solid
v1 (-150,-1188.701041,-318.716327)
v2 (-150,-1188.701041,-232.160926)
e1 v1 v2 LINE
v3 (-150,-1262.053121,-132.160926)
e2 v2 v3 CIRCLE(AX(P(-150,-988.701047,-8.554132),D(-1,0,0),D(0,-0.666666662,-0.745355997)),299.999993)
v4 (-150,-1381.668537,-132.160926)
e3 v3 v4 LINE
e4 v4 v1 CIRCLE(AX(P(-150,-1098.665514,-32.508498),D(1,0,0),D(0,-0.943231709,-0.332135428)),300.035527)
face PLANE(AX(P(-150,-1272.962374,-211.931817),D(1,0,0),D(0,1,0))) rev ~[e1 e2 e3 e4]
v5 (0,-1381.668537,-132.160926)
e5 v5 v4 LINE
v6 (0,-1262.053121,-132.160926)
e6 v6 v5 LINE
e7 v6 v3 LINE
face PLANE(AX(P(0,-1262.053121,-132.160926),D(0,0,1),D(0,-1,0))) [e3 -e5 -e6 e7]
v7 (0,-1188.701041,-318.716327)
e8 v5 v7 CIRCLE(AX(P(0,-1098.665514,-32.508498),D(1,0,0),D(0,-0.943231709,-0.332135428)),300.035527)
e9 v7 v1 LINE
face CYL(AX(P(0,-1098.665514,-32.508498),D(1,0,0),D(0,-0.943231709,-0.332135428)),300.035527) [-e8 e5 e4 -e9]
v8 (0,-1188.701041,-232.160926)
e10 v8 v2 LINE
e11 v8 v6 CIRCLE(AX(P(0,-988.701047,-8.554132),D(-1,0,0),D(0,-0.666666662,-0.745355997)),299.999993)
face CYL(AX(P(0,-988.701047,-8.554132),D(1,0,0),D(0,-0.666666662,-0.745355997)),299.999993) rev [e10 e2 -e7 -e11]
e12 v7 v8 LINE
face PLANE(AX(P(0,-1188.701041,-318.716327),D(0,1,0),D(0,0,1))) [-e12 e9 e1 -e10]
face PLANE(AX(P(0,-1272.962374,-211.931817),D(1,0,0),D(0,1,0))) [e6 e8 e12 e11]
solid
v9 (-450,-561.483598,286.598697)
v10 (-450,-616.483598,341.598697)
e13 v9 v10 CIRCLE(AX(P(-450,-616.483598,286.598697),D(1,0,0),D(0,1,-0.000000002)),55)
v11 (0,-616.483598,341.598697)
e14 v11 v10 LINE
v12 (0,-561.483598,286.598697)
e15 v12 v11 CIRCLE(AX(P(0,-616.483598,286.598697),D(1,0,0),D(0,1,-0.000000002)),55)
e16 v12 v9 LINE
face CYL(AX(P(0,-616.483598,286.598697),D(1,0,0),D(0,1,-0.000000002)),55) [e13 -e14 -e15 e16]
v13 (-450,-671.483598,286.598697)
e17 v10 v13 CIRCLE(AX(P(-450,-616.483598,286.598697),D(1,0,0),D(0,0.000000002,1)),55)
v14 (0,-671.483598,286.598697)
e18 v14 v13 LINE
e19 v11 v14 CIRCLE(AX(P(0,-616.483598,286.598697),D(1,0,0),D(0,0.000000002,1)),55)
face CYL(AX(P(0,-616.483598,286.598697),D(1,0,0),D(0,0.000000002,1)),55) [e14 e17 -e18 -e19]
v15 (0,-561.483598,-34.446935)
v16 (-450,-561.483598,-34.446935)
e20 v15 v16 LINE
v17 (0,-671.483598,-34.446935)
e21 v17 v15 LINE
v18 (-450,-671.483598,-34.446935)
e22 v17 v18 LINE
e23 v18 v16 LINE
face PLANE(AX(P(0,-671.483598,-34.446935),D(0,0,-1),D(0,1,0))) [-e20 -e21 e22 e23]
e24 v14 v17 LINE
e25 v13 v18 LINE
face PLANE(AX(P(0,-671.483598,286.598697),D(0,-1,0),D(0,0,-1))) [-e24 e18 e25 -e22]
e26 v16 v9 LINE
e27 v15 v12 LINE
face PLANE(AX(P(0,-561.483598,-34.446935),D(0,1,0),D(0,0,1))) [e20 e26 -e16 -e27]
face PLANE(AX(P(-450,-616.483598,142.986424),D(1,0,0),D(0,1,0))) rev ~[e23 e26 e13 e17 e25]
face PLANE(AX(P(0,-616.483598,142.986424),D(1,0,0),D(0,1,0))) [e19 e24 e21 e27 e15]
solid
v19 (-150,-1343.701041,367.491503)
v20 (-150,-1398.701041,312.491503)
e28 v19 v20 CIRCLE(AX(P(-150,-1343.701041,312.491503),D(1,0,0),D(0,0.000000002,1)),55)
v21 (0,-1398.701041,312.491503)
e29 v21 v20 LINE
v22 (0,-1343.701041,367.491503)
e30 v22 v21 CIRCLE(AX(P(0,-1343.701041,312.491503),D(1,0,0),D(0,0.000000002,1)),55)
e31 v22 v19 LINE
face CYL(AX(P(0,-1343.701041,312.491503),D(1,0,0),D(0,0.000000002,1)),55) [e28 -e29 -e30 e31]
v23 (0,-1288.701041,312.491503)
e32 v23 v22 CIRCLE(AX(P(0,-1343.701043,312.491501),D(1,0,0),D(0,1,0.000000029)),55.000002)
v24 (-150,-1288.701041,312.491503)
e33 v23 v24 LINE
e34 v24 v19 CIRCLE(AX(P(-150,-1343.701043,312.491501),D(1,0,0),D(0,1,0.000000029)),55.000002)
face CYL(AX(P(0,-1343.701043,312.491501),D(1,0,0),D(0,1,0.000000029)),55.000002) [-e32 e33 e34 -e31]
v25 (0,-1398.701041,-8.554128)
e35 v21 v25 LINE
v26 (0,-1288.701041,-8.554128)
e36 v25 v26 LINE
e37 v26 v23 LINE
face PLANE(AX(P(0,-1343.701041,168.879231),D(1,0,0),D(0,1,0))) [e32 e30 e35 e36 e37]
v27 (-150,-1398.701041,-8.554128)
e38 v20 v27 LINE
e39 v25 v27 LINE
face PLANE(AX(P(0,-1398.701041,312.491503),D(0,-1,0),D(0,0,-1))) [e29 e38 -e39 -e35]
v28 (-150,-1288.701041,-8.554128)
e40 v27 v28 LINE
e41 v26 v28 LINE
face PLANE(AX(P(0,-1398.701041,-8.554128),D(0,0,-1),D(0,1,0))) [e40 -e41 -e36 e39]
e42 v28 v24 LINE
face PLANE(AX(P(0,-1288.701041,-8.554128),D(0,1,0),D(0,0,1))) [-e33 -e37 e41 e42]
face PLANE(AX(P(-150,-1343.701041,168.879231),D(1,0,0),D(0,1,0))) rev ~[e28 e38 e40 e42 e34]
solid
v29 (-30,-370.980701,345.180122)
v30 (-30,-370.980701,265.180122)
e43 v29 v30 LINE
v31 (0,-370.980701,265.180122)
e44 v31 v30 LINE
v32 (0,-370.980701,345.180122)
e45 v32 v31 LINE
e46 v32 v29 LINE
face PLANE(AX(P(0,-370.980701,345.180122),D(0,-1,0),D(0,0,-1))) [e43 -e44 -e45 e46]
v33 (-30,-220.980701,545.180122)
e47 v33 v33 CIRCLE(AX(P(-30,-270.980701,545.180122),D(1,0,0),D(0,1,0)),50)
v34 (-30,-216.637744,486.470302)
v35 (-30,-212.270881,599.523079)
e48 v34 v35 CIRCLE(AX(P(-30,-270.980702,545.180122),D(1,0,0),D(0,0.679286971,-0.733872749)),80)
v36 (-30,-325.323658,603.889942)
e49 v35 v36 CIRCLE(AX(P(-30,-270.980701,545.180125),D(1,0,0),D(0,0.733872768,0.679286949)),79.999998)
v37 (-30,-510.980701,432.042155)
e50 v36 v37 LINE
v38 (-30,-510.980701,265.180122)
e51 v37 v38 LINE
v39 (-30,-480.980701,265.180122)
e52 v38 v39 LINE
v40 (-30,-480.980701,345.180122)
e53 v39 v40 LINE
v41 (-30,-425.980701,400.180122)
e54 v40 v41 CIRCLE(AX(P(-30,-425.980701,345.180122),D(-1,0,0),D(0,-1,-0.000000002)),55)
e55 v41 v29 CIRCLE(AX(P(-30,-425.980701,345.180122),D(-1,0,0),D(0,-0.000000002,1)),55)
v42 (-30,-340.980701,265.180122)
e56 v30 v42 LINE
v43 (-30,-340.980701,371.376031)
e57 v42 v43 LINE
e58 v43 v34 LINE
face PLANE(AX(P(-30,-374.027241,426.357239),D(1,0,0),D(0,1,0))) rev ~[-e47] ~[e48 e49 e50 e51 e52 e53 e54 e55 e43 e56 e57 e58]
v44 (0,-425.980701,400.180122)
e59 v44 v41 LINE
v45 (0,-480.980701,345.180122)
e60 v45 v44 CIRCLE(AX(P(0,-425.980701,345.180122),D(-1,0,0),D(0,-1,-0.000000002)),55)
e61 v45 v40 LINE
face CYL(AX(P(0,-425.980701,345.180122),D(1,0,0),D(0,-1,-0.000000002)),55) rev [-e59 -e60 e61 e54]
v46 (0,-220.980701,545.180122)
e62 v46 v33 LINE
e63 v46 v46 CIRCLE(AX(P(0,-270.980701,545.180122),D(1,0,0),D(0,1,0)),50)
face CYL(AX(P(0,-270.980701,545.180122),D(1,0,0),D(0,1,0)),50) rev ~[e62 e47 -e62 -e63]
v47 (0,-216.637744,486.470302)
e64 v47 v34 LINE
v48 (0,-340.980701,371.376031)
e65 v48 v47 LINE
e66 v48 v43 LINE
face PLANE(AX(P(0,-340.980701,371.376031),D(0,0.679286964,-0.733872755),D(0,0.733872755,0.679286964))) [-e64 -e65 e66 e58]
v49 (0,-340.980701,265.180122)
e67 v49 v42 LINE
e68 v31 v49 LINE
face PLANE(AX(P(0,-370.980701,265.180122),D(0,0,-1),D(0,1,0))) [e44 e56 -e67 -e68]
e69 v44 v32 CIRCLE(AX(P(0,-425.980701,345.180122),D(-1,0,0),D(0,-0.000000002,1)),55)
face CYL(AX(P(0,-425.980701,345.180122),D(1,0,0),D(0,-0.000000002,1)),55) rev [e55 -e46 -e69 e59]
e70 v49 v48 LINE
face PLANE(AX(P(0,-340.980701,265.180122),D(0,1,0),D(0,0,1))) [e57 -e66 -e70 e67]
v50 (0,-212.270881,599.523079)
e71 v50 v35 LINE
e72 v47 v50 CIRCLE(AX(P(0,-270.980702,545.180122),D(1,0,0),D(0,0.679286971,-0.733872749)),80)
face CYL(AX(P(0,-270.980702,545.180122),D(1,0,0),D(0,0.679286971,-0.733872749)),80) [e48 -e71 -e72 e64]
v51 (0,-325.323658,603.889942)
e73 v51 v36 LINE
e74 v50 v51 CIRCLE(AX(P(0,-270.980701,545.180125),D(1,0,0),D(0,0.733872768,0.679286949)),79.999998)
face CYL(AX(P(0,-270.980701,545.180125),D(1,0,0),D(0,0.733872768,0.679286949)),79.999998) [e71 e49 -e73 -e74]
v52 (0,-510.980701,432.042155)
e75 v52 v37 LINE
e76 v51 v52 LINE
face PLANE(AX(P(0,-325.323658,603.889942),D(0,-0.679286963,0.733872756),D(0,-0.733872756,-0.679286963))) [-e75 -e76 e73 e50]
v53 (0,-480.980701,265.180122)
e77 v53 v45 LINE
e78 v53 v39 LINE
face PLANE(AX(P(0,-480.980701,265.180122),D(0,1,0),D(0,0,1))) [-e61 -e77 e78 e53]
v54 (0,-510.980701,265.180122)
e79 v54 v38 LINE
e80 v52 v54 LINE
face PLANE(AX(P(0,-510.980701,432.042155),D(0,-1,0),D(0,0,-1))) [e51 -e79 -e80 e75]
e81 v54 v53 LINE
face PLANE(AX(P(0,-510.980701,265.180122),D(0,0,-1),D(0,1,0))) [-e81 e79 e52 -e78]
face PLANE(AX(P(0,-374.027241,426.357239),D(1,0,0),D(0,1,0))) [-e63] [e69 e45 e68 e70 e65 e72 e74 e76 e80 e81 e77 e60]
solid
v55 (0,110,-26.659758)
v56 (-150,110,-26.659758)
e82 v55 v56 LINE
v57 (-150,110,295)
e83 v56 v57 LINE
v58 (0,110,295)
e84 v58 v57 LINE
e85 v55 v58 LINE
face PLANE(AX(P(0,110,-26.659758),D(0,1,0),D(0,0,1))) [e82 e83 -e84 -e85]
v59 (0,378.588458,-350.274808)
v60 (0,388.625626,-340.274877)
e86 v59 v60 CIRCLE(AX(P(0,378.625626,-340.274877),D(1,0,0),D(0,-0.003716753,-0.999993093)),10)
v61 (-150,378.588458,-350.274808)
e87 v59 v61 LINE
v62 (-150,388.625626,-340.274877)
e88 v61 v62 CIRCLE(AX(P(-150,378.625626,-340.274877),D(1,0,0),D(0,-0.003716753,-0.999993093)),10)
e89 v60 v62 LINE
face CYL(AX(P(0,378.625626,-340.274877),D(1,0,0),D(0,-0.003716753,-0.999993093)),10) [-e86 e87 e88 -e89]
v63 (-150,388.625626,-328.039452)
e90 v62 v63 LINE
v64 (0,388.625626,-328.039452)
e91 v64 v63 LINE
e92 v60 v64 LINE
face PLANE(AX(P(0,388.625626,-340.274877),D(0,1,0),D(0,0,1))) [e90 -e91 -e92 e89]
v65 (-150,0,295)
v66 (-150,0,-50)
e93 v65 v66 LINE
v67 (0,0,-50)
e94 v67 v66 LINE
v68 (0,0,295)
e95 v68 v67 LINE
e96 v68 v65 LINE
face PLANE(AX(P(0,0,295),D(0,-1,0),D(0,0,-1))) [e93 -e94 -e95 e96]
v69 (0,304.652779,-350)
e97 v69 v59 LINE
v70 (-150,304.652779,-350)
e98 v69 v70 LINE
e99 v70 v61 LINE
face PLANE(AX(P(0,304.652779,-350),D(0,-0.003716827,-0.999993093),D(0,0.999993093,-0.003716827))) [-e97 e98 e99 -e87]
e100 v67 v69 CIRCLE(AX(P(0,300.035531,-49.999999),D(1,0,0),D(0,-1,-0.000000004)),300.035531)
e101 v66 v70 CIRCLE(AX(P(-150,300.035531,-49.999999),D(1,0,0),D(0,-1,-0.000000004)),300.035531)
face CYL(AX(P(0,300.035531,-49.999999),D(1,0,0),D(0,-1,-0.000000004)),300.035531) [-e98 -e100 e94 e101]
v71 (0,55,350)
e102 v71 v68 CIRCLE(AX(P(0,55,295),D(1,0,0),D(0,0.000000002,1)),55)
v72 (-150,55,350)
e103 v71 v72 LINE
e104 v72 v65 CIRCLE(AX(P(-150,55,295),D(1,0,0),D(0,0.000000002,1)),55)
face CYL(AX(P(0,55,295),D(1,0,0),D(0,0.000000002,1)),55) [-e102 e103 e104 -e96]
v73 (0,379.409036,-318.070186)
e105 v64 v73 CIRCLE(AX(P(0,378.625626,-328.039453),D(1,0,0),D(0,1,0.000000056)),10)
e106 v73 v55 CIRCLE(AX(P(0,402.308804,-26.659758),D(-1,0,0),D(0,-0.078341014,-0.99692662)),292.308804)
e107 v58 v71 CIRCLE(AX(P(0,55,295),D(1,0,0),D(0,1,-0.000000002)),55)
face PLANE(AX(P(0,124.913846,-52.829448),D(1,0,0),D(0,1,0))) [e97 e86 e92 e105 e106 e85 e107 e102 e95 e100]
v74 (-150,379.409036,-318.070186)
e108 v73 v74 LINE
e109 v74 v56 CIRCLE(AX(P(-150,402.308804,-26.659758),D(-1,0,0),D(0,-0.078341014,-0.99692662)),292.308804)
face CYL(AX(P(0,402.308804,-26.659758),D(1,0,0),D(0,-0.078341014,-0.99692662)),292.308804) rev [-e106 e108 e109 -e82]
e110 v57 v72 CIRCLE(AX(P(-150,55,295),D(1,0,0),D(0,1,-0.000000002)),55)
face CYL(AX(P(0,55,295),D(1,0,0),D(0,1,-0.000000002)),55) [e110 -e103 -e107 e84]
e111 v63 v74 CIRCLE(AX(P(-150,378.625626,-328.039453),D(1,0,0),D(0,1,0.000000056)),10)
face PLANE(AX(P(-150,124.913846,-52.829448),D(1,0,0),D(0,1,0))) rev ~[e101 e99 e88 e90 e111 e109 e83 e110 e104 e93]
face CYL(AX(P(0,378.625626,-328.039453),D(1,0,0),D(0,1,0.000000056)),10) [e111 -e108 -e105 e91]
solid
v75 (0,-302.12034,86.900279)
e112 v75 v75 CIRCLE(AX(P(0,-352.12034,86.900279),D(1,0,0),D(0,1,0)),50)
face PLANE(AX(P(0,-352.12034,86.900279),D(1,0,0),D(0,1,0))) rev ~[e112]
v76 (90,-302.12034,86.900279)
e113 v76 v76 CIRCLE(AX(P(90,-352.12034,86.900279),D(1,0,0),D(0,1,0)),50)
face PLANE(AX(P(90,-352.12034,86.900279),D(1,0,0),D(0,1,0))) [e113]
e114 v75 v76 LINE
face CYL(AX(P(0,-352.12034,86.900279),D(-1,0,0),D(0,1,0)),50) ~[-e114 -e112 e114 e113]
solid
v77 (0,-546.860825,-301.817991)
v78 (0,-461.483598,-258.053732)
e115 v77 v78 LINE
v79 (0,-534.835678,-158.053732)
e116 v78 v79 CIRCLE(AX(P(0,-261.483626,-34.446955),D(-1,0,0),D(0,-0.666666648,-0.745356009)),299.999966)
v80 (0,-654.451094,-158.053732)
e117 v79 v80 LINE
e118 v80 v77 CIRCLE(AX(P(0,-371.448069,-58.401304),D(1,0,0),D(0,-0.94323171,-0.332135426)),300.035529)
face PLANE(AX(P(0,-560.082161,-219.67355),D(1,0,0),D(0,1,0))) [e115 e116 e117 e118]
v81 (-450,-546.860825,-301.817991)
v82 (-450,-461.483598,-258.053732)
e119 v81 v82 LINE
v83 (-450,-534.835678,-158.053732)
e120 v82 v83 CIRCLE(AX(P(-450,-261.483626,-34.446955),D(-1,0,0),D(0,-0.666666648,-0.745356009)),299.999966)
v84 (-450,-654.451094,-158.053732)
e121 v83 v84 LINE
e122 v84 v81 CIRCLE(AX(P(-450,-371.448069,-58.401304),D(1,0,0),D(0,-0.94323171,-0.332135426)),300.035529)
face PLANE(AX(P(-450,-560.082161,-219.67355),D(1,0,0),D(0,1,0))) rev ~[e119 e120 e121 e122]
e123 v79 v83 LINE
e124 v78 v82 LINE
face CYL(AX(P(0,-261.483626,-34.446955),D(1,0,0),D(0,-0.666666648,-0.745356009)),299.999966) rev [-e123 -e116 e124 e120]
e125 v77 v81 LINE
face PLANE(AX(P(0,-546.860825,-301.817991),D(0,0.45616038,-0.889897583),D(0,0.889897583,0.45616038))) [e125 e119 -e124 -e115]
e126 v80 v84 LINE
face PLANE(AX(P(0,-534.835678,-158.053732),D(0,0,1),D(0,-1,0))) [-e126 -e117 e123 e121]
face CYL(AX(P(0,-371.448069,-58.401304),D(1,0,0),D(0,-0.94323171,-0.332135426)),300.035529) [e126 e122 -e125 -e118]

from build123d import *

# Parameters (mm, degrees)
F1_DEPTH = 150
F3_DEPTH = 450
F5_DEPTH = 150
F6_R     = 50
F7_DEPTH = 30
F8_R     = 50
F9_DEPTH = 90


with BuildPart() as f1:
    # F0 (on Right) → F1 (new body)
    with BuildSketch(Plane.YZ):
        with BuildLine():
            Line((0, 295), (0, 0))
            Line((0, 0), (0, -50))
            ThreePointArc((0, -50), (89.517146, -263.783369), (304.652779, -350))
            Line((304.652779, -350), (378.588458, -350.274808))
            ThreePointArc((378.588458, -350.274808), (385.683541, -347.359073), (388.625626, -340.274877))
            Line((388.625626, -340.274877), (388.625626, -328.039452))
            ThreePointArc((388.625626, -328.039452), (385.968449, -321.25101), (379.409036, -318.070186))
            ThreePointArc((379.409036, -318.070186), (187.671621, -225.091904), (110, -26.659758))
            Line((110, -26.659758), (110, 0))
            Line((110, 0), (110, 295))
            ThreePointArc((110, 295), (93.890873, 333.890873), (55, 350))
            ThreePointArc((55, 350), (16.109127, 333.890873), (0, 295))
        make_face()
    extrude(amount=-F1_DEPTH)


with BuildPart() as f3:
    # F2 (on Right) → F3 (new body)
    with BuildSketch(Plane.YZ):
        with BuildLine():
            Line((-671.483598, 286.598697), (-671.483598, 54.492479))
            Line((-671.483598, 54.492479), (-671.483598, -34.446935))
            Line((-671.483598, -34.446935), (-561.483598, -34.446935))
            Line((-561.483598, -34.446935), (-561.483598, 4.492479))
            Line((-561.483598, 4.492479), (-561.483598, 54.492479))
            Line((-561.483598, 54.492479), (-561.483598, 286.598697))
            ThreePointArc((-561.483598, 286.598697), (-577.592725, 325.48957), (-616.483598, 341.598697))
            ThreePointArc((-616.483598, 341.598697), (-655.374471, 325.48957), (-671.483598, 286.598697))
        make_face()
        with BuildLine():
            Line((-534.835678, -158.053732), (-654.451094, -158.053732))
            ThreePointArc((-654.451094, -158.053732), (-611.663176, -238.17344), (-546.860825, -301.817991))
            Line((-546.860825, -301.817991), (-461.483598, -258.053732))
            ThreePointArc((-461.483598, -258.053732), (-503.38347, -211.885522), (-534.835678, -158.053732))
        make_face()
    extrude(amount=-F3_DEPTH)


with BuildPart() as f5:
    # F4 (on Right) → F5 (new body)
    with BuildSketch(Plane.YZ):
        with BuildLine():
            Line((-1398.701041, 312.491503), (-1398.701041, 80.385285))
            Line((-1398.701041, 80.385285), (-1398.701041, -8.554128))
            Line((-1398.701041, -8.554128), (-1288.701041, -8.554128))
            Line((-1288.701041, -8.554128), (-1288.701041, 30.385285))
            Line((-1288.701041, 30.385285), (-1288.701041, 80.385285))
            Line((-1288.701041, 80.385285), (-1288.701041, 312.491503))
            ThreePointArc((-1288.701041, 312.491503), (-1304.810169, 351.382376), (-1343.701041, 367.491503))
            ThreePointArc((-1343.701041, 367.491503), (-1382.591914, 351.382376), (-1398.701041, 312.491503))
        make_face()
        with BuildLine():
            Line((-1262.053121, -132.160926), (-1381.668537, -132.160926))
            ThreePointArc((-1381.668537, -132.160926), (-1307.208482, -248.219295), (-1188.701041, -318.716327))
            Line((-1188.701041, -318.716327), (-1188.701041, -232.160926))
            ThreePointArc((-1188.701041, -232.160926), (-1230.600913, -185.992715), (-1262.053121, -132.160926))
        make_face()
    extrude(amount=-F5_DEPTH)


with BuildPart() as f7:
    # F6 (on Right) → F7 (new body)
    with BuildSketch(Plane.YZ):
        with BuildLine():
            Line((-510.980701, 265.180122), (-480.980701, 265.180122))
            Line((-480.980701, 265.180122), (-480.980701, 332.042155))
            Line((-480.980701, 332.042155), (-480.980701, 345.180122))
            ThreePointArc((-480.980701, 345.180122), (-464.871574, 384.070995), (-425.980701, 400.180122))
            ThreePointArc((-425.980701, 400.180122), (-387.089828, 384.070995), (-370.980701, 345.180122))
            Line((-370.980701, 345.180122), (-370.980701, 265.180122))
            Line((-370.980701, 265.180122), (-340.980701, 265.180122))
            Line((-340.980701, 265.180122), (-340.980701, 371.376031))
            Line((-340.980701, 371.376031), (-216.637744, 486.470302))
            ThreePointArc((-216.637744, 486.470302), (-191.040316, 542.092283), (-212.270881, 599.523079))
            ThreePointArc((-212.270881, 599.523079), (-267.892863, 625.120508), (-325.323658, 603.889942))
            Line((-325.323658, 603.889942), (-510.980701, 432.042155))
            Line((-510.980701, 432.042155), (-510.980701, 265.180122))
        make_face()
        with Locations((-270.980701, 545.180122)):
            Circle(F6_R, mode=Mode.SUBTRACT)
    extrude(amount=-F7_DEPTH)


with BuildPart() as f9:
    # F8 (on Right) → F9 (new body)
    with BuildSketch(Plane.YZ):
        with Locations((-352.12034, 86.900279)):
            Circle(F8_R)
    extrude(amount=F9_DEPTH)


solid = Compound([f1.part, f3.part, f5.part, f7.part, f9.part])
